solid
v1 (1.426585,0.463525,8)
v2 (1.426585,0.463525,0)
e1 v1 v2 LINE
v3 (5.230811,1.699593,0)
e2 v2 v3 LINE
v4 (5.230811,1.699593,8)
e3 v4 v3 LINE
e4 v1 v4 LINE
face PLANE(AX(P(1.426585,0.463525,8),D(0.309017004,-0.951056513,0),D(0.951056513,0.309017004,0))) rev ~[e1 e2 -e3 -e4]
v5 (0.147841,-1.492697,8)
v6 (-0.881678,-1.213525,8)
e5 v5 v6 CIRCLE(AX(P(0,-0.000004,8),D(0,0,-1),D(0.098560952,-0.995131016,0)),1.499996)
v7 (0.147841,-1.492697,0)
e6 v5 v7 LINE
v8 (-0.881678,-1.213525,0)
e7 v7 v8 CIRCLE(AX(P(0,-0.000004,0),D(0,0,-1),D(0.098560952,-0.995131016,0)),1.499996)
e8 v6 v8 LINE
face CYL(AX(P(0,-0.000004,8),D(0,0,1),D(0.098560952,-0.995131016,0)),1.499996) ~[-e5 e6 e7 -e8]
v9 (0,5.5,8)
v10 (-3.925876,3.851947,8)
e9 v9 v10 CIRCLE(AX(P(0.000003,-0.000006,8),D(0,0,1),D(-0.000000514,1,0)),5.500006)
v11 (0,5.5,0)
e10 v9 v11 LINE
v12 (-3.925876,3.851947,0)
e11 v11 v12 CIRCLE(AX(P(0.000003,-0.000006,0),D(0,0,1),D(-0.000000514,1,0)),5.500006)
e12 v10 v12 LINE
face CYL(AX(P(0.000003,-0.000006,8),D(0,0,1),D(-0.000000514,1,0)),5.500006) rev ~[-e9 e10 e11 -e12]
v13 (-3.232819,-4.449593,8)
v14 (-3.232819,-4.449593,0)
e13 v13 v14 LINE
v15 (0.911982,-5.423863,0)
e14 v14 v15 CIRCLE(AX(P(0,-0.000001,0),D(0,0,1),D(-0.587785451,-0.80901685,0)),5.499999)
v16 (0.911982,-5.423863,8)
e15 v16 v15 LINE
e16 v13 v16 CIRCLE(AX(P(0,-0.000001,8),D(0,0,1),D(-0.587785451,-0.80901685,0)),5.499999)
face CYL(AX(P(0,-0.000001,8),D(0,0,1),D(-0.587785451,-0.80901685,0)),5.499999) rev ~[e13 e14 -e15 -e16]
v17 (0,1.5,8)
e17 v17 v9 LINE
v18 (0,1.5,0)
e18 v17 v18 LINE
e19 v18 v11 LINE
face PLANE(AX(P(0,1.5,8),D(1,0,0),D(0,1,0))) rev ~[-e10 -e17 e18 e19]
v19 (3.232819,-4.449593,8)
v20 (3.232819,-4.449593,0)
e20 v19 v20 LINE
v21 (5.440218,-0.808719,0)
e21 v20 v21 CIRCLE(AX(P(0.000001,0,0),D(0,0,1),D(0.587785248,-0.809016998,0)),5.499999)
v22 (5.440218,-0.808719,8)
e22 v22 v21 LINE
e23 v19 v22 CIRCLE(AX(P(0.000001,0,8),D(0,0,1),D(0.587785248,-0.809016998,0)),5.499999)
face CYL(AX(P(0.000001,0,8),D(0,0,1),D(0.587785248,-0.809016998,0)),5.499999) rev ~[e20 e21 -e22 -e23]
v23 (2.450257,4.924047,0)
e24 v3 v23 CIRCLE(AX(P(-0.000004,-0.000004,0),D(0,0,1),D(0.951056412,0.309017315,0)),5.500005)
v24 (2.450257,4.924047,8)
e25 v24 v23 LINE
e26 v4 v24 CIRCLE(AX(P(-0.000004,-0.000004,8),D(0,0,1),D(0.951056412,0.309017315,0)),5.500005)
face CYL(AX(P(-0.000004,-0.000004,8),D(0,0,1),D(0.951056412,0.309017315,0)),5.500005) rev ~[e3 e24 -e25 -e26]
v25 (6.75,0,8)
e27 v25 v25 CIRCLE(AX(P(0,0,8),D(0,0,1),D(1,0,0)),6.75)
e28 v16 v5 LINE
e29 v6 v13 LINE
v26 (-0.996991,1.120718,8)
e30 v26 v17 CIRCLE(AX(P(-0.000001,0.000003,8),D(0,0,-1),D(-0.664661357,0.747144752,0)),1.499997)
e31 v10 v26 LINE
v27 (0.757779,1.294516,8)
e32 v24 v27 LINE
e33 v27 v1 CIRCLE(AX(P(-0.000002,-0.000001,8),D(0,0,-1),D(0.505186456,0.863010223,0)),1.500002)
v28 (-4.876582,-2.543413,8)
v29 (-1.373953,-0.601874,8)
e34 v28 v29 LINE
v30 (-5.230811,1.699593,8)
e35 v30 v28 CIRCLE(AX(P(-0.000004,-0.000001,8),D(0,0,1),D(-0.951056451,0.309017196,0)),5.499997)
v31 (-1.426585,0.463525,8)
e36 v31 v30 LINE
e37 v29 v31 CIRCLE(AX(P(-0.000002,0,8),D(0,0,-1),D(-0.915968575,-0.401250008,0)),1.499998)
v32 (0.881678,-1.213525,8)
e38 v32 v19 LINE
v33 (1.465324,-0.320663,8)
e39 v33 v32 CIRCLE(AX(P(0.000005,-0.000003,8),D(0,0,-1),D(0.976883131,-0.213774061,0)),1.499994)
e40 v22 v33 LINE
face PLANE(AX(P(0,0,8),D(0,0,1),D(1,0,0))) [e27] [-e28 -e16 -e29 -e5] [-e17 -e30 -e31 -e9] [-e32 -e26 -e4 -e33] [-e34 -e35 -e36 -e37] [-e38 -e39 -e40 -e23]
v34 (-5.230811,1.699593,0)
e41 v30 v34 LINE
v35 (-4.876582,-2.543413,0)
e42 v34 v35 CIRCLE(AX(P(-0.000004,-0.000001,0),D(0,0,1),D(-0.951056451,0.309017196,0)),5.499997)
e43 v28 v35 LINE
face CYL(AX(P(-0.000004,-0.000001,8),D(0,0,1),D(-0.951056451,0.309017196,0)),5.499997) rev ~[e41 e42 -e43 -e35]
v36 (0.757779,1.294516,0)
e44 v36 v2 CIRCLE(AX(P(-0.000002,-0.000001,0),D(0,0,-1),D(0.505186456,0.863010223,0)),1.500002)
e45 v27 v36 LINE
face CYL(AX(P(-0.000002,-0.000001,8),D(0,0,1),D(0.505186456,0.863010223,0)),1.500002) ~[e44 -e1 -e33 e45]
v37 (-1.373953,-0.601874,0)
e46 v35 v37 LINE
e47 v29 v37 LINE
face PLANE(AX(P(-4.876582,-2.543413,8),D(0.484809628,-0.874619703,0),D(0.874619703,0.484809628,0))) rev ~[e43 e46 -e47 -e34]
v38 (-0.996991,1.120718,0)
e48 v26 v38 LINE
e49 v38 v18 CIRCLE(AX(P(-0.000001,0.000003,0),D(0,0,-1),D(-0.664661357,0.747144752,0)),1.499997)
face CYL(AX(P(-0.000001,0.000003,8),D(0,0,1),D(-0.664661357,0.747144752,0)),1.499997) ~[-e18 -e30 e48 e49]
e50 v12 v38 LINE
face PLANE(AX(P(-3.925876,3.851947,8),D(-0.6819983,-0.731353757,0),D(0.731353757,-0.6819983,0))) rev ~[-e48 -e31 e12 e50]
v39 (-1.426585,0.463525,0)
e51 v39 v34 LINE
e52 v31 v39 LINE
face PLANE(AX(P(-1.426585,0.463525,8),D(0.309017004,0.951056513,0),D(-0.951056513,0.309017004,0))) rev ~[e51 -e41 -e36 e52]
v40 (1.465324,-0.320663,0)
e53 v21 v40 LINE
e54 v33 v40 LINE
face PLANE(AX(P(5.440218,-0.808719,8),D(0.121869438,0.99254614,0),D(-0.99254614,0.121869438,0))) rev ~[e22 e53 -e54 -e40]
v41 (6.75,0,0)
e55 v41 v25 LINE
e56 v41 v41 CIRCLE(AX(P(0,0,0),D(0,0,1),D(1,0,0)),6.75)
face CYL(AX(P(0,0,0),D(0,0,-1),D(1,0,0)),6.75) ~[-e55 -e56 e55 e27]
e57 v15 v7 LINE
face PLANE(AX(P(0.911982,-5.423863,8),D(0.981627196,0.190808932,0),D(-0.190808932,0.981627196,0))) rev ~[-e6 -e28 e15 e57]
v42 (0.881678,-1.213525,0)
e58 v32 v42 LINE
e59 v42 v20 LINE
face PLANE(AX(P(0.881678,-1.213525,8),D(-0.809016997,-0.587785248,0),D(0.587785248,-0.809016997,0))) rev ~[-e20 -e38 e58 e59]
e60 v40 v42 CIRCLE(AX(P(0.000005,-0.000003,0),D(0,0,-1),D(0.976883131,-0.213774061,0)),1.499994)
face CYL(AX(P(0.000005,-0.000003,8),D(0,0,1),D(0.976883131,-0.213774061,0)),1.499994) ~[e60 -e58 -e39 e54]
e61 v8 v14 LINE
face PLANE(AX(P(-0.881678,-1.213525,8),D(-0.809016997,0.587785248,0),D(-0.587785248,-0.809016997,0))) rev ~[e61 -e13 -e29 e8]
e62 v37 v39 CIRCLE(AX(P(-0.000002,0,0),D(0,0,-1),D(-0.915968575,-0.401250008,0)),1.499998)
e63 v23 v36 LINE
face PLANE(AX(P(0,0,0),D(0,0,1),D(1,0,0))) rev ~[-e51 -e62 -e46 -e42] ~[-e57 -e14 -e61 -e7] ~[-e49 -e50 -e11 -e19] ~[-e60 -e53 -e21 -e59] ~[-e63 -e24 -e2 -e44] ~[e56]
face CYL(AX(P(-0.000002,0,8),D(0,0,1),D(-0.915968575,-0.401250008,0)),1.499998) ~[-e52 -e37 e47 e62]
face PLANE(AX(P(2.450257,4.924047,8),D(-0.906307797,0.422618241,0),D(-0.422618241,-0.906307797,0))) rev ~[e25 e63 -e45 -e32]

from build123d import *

# Parameters (mm, degrees)
F0_R     = 6.75
F1_DEPTH = 8
F3_DEPTH = 8


with BuildPart() as f1:
    # F0 (on Top) → F1 (new body)
    with BuildSketch(Plane.XY):
        Circle(F0_R)
    extrude(amount=F1_DEPTH)

    # F2 (on face) → F3 (cut)
    with BuildSketch(Plane.XY.offset(8)):
        with BuildLine():
            Line((0, 1.5), (0, 5.5))
            ThreePointArc((0, 5.5), (-2.128883, 5.071277), (-3.925876, 3.851947))
            Line((-3.925876, 3.851947), (-0.996991, 1.120718))
            ThreePointArc((-0.996991, 1.120718), (-0.533349, 1.401977), (0, 1.5))
        make_face()
        with BuildLine():
            Line((-1.426585, 0.463525), (-5.230811, 1.699593))
            ThreePointArc((-5.230811, 1.699593), (-5.480933, -0.457578), (-4.876582, -2.543413))
            Line((-4.876582, -2.543413), (-1.373953, -0.601874))
            ThreePointArc((-1.373953, -0.601874), (-1.498173, -0.074011), (-1.426585, 0.463525))
        make_face()
        with BuildLine():
            ThreePointArc((-3.232819, -4.449593), (-1.258519, -5.354076), (0.911982, -5.423863))
            Line((0.911982, -5.423863), (0.147841, -1.492697))
            ThreePointArc((0.147841, -1.492697), (-0.392573, -1.447718), (-0.881678, -1.213525))
            Line((-0.881678, -1.213525), (-3.232819, -4.449593))
        make_face()
        with BuildLine():
            ThreePointArc((3.232819, -4.449593), (4.703125, -2.851423), (5.440218, -0.808719))
            Line((5.440218, -0.808719), (1.465324, -0.320663))
            ThreePointArc((1.465324, -0.320663), (1.25555, -0.820728), (0.881678, -1.213525))
            Line((0.881678, -1.213525), (3.232819, -4.449593))
        make_face()
        with BuildLine():
            Line((1.426585, 0.463525), (5.230811, 1.699593))
            ThreePointArc((5.230811, 1.699593), (4.16521, 3.591799), (2.450257, 4.924047))
            Line((2.450257, 4.924047), (0.757779, 1.294516))
            ThreePointArc((0.757779, 1.294516), (1.168545, 0.94048), (1.426585, 0.463525))
        make_face()
    extrude(amount=-F3_DEPTH, mode=Mode.SUBTRACT)


solid = f1.part
